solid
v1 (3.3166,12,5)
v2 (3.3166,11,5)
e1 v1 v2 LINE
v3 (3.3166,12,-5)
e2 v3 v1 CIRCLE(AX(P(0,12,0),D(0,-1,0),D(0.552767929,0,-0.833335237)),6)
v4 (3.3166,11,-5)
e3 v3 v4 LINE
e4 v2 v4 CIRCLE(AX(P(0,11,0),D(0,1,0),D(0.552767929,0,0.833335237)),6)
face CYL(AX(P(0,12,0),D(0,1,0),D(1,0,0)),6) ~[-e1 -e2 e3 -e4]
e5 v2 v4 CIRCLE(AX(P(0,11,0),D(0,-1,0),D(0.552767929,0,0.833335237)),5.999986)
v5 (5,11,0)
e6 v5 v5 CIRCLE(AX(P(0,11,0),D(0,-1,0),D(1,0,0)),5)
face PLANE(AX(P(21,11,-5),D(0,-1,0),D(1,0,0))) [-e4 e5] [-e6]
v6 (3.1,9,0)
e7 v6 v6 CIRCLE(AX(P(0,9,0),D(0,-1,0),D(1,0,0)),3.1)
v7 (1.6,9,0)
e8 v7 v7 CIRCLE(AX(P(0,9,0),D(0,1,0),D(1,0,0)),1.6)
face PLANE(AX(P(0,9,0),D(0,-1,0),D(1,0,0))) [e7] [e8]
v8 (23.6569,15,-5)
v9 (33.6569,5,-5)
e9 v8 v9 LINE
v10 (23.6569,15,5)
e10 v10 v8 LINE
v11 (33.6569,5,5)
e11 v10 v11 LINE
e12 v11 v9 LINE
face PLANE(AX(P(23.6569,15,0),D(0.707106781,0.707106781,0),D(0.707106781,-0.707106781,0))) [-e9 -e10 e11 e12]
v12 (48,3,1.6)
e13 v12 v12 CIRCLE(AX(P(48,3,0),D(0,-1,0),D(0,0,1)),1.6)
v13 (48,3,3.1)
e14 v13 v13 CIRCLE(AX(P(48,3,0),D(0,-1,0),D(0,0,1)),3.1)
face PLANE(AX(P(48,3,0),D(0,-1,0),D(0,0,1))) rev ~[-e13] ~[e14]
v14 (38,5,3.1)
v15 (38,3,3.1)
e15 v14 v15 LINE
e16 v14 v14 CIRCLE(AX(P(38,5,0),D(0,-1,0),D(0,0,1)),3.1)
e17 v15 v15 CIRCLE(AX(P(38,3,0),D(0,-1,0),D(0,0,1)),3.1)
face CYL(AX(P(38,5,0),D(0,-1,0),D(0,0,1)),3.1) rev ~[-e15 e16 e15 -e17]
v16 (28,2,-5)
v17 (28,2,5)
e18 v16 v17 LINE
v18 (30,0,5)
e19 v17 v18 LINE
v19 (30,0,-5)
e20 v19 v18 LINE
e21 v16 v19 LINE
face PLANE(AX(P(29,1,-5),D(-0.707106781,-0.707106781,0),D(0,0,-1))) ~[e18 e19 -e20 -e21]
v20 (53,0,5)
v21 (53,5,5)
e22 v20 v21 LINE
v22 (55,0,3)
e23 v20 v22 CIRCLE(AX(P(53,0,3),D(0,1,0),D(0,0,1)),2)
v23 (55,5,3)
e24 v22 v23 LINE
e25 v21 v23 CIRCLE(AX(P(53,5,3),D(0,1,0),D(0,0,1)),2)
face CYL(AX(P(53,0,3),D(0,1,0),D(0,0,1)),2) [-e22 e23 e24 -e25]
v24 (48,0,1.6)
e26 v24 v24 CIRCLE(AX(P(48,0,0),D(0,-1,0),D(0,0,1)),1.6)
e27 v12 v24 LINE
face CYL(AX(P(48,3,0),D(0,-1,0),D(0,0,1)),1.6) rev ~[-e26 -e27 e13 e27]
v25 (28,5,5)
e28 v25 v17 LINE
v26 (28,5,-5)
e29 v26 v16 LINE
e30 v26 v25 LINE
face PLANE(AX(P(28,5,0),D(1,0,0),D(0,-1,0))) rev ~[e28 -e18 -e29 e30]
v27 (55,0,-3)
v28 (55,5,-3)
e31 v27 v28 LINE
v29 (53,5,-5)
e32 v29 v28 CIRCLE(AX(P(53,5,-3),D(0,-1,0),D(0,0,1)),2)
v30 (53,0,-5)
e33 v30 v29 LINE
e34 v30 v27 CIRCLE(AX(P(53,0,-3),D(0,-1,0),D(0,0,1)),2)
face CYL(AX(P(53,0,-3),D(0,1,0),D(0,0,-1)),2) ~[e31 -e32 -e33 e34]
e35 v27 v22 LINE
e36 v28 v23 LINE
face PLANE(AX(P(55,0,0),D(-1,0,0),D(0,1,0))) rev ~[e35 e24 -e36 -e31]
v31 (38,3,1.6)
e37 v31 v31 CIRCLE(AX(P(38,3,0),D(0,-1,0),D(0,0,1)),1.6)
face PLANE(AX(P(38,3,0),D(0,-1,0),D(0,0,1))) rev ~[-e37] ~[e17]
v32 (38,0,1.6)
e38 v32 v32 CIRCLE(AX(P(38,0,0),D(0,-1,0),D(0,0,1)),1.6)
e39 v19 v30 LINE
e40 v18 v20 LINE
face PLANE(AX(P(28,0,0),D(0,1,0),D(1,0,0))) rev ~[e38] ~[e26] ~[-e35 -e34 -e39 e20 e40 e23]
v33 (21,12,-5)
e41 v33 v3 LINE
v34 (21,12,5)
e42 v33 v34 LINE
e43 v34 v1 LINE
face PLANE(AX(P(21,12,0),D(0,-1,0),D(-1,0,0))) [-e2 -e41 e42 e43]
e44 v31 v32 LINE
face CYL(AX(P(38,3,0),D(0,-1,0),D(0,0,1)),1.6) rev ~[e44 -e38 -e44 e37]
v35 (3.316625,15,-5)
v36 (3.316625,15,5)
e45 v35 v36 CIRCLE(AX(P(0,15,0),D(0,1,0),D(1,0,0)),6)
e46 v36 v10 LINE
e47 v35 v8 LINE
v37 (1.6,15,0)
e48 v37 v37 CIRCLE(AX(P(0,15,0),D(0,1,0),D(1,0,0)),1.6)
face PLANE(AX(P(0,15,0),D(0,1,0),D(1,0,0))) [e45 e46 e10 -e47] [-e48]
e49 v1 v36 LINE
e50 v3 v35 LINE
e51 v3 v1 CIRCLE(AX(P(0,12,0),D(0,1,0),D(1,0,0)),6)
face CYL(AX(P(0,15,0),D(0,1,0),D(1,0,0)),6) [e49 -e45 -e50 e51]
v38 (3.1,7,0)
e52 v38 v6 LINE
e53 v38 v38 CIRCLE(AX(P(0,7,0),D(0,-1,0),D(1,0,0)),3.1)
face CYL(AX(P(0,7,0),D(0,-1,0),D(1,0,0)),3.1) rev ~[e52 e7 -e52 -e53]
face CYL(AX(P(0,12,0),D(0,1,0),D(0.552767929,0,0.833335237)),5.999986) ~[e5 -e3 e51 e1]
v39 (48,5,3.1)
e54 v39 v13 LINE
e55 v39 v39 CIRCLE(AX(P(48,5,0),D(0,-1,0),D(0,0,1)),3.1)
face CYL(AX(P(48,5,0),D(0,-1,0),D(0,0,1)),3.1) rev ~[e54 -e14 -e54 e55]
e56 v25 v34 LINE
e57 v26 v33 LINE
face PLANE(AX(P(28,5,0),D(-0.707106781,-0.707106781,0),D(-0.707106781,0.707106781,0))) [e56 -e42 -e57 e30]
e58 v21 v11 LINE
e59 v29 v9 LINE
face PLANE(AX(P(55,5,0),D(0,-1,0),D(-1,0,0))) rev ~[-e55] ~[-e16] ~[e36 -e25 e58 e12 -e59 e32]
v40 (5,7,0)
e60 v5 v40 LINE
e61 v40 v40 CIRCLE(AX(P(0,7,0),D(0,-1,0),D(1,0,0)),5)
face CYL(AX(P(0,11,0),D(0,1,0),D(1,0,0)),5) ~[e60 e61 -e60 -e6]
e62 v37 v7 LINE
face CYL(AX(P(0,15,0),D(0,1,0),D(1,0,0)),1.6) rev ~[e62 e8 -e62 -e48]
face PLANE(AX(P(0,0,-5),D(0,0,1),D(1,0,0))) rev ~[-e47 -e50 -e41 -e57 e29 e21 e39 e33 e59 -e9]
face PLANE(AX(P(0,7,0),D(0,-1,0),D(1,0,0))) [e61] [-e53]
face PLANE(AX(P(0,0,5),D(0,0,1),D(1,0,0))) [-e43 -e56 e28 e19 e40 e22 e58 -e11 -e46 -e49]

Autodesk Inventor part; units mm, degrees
ref_plane "YZ Plane" through (0, 0, 0) normal (1, 0, 0) x (0, 1, 0)
ref_plane "XZ Plane" through (0, 0, 0) normal (0, 1, 0) x (-1, 0, 0)
ref_plane "XY Plane" through (0, 0, 0) normal (0, 0, 1) x (1, 0, 0)
sketch "Sketch1" plane through (0, 0, 0) normal (0, 0, 1) x (1, 0, 0)
  line L0 (0, 0) -> (0, 15)
  line L1 (0, 15) -> (23.6569, 15)
  line L2 (21, 12) -> (0, 12)
  line L3 (0, 12) -> (0, 15)
  line L4 (28, 0) -> (55, 0)
  line L5 (55, 0) -> (55, 5)
  line L6 (55, 5) -> (28, 5)
  line L7 (28, 5) -> (28, 0)
  line L8 (28, 5) -> (21, 12)
  line L9 (23.6569, 15) -> (33.6569, 5)
  dimension "d0" = 135
  dimension "d1" = 5
  dimension "d2" = 28
  dimension "d3" = 3
  dimension "d4" = 4
  dimension "d5" = 12
  dimension "d6" = 55
extrude "Extrusion1" add sketch "Sketch1" along normal mid plane 10
sketch "Sketch3" plane through (33.6569, 5, 5) normal (0, 1, 0) x (1, 0, 0)
  line L0 (21.3431, 10) -> (21.3431, 0) projected
  line L1 (21.3431, 5) -> (-0.1629, 5) construction
  line L2 (-33.6569, 0) -> (-33.6569, 10) projected
  point P0 (-33.6569, 5)
  point P1 (14.3431, 5)
  point P2 (4.3431, 5)
  dimension "d9" = 10
  dimension "d18" = 38
hole "Hole1" at (48, 5, 0) at (38, 5, 0) direction (0, -1, 0) diameter 3.2 end through all counterbore diameter 6.2 counterbore depth 2
chamfer "Chamfer1" distance 2 angle 45 1 edges at (28, 0, 0)
sketch "Sketch4" plane through (0, 15, 5) normal (0, 1, 0) x (1, 0, 0)
  circle A0 centre (0, 5) radius 6
  dimension "d22" = 12
extrude "Extrusion2" add sketch "Sketch4" against normal up to surface (3 mm away)
sketch "Sketch5" plane through (21, 12, -5) normal (0, -1, 0) x (1, 0, 0)
  circle A0 centre (-21, 5) radius 6
  arc A1 (-17.6834, 10) -> (-17.6834, 0) centre (-21, 5) ccw projected
extrude "Extrusion3" add sketch "Sketch5" along normal blind 1
sketch "Sketch6" plane through (0, 11, 0) normal (0, -1, 0) x (1, 0, 0)
  circle A0 centre (0, 0) radius 5
  point P0 (0, 0)
  dimension "d27" = 10
extrude "Extrusion4" add sketch "Sketch6" along normal blind 4
sketch "Sketch7" plane through (0, 7, 0) normal (0, -1, 0) x (1, 0, 0)
  circle A0 centre (0, 0) radius 3.1
  point P0 (0, 0)
  dimension "d30" = 6.2
extrude "Extrusion5" cut sketch "Sketch7" against normal blind 2
sketch "Sketch8" plane through (23.6569, 15, 5) normal (0, 1, 0) x (1, 0, 0)
  circle A0 centre (-23.6569, 5) radius 1.6
  dimension "d33" = 3.2
extrude "Extrusion6" cut sketch "Sketch8" against normal through all
chamfer "Chamfer2" [suppressed]
fillet "Fillet1" radius 2 2 edges at (55, 2.5, 5) (55, 2.5, -5)
properties part number "joint mag"
